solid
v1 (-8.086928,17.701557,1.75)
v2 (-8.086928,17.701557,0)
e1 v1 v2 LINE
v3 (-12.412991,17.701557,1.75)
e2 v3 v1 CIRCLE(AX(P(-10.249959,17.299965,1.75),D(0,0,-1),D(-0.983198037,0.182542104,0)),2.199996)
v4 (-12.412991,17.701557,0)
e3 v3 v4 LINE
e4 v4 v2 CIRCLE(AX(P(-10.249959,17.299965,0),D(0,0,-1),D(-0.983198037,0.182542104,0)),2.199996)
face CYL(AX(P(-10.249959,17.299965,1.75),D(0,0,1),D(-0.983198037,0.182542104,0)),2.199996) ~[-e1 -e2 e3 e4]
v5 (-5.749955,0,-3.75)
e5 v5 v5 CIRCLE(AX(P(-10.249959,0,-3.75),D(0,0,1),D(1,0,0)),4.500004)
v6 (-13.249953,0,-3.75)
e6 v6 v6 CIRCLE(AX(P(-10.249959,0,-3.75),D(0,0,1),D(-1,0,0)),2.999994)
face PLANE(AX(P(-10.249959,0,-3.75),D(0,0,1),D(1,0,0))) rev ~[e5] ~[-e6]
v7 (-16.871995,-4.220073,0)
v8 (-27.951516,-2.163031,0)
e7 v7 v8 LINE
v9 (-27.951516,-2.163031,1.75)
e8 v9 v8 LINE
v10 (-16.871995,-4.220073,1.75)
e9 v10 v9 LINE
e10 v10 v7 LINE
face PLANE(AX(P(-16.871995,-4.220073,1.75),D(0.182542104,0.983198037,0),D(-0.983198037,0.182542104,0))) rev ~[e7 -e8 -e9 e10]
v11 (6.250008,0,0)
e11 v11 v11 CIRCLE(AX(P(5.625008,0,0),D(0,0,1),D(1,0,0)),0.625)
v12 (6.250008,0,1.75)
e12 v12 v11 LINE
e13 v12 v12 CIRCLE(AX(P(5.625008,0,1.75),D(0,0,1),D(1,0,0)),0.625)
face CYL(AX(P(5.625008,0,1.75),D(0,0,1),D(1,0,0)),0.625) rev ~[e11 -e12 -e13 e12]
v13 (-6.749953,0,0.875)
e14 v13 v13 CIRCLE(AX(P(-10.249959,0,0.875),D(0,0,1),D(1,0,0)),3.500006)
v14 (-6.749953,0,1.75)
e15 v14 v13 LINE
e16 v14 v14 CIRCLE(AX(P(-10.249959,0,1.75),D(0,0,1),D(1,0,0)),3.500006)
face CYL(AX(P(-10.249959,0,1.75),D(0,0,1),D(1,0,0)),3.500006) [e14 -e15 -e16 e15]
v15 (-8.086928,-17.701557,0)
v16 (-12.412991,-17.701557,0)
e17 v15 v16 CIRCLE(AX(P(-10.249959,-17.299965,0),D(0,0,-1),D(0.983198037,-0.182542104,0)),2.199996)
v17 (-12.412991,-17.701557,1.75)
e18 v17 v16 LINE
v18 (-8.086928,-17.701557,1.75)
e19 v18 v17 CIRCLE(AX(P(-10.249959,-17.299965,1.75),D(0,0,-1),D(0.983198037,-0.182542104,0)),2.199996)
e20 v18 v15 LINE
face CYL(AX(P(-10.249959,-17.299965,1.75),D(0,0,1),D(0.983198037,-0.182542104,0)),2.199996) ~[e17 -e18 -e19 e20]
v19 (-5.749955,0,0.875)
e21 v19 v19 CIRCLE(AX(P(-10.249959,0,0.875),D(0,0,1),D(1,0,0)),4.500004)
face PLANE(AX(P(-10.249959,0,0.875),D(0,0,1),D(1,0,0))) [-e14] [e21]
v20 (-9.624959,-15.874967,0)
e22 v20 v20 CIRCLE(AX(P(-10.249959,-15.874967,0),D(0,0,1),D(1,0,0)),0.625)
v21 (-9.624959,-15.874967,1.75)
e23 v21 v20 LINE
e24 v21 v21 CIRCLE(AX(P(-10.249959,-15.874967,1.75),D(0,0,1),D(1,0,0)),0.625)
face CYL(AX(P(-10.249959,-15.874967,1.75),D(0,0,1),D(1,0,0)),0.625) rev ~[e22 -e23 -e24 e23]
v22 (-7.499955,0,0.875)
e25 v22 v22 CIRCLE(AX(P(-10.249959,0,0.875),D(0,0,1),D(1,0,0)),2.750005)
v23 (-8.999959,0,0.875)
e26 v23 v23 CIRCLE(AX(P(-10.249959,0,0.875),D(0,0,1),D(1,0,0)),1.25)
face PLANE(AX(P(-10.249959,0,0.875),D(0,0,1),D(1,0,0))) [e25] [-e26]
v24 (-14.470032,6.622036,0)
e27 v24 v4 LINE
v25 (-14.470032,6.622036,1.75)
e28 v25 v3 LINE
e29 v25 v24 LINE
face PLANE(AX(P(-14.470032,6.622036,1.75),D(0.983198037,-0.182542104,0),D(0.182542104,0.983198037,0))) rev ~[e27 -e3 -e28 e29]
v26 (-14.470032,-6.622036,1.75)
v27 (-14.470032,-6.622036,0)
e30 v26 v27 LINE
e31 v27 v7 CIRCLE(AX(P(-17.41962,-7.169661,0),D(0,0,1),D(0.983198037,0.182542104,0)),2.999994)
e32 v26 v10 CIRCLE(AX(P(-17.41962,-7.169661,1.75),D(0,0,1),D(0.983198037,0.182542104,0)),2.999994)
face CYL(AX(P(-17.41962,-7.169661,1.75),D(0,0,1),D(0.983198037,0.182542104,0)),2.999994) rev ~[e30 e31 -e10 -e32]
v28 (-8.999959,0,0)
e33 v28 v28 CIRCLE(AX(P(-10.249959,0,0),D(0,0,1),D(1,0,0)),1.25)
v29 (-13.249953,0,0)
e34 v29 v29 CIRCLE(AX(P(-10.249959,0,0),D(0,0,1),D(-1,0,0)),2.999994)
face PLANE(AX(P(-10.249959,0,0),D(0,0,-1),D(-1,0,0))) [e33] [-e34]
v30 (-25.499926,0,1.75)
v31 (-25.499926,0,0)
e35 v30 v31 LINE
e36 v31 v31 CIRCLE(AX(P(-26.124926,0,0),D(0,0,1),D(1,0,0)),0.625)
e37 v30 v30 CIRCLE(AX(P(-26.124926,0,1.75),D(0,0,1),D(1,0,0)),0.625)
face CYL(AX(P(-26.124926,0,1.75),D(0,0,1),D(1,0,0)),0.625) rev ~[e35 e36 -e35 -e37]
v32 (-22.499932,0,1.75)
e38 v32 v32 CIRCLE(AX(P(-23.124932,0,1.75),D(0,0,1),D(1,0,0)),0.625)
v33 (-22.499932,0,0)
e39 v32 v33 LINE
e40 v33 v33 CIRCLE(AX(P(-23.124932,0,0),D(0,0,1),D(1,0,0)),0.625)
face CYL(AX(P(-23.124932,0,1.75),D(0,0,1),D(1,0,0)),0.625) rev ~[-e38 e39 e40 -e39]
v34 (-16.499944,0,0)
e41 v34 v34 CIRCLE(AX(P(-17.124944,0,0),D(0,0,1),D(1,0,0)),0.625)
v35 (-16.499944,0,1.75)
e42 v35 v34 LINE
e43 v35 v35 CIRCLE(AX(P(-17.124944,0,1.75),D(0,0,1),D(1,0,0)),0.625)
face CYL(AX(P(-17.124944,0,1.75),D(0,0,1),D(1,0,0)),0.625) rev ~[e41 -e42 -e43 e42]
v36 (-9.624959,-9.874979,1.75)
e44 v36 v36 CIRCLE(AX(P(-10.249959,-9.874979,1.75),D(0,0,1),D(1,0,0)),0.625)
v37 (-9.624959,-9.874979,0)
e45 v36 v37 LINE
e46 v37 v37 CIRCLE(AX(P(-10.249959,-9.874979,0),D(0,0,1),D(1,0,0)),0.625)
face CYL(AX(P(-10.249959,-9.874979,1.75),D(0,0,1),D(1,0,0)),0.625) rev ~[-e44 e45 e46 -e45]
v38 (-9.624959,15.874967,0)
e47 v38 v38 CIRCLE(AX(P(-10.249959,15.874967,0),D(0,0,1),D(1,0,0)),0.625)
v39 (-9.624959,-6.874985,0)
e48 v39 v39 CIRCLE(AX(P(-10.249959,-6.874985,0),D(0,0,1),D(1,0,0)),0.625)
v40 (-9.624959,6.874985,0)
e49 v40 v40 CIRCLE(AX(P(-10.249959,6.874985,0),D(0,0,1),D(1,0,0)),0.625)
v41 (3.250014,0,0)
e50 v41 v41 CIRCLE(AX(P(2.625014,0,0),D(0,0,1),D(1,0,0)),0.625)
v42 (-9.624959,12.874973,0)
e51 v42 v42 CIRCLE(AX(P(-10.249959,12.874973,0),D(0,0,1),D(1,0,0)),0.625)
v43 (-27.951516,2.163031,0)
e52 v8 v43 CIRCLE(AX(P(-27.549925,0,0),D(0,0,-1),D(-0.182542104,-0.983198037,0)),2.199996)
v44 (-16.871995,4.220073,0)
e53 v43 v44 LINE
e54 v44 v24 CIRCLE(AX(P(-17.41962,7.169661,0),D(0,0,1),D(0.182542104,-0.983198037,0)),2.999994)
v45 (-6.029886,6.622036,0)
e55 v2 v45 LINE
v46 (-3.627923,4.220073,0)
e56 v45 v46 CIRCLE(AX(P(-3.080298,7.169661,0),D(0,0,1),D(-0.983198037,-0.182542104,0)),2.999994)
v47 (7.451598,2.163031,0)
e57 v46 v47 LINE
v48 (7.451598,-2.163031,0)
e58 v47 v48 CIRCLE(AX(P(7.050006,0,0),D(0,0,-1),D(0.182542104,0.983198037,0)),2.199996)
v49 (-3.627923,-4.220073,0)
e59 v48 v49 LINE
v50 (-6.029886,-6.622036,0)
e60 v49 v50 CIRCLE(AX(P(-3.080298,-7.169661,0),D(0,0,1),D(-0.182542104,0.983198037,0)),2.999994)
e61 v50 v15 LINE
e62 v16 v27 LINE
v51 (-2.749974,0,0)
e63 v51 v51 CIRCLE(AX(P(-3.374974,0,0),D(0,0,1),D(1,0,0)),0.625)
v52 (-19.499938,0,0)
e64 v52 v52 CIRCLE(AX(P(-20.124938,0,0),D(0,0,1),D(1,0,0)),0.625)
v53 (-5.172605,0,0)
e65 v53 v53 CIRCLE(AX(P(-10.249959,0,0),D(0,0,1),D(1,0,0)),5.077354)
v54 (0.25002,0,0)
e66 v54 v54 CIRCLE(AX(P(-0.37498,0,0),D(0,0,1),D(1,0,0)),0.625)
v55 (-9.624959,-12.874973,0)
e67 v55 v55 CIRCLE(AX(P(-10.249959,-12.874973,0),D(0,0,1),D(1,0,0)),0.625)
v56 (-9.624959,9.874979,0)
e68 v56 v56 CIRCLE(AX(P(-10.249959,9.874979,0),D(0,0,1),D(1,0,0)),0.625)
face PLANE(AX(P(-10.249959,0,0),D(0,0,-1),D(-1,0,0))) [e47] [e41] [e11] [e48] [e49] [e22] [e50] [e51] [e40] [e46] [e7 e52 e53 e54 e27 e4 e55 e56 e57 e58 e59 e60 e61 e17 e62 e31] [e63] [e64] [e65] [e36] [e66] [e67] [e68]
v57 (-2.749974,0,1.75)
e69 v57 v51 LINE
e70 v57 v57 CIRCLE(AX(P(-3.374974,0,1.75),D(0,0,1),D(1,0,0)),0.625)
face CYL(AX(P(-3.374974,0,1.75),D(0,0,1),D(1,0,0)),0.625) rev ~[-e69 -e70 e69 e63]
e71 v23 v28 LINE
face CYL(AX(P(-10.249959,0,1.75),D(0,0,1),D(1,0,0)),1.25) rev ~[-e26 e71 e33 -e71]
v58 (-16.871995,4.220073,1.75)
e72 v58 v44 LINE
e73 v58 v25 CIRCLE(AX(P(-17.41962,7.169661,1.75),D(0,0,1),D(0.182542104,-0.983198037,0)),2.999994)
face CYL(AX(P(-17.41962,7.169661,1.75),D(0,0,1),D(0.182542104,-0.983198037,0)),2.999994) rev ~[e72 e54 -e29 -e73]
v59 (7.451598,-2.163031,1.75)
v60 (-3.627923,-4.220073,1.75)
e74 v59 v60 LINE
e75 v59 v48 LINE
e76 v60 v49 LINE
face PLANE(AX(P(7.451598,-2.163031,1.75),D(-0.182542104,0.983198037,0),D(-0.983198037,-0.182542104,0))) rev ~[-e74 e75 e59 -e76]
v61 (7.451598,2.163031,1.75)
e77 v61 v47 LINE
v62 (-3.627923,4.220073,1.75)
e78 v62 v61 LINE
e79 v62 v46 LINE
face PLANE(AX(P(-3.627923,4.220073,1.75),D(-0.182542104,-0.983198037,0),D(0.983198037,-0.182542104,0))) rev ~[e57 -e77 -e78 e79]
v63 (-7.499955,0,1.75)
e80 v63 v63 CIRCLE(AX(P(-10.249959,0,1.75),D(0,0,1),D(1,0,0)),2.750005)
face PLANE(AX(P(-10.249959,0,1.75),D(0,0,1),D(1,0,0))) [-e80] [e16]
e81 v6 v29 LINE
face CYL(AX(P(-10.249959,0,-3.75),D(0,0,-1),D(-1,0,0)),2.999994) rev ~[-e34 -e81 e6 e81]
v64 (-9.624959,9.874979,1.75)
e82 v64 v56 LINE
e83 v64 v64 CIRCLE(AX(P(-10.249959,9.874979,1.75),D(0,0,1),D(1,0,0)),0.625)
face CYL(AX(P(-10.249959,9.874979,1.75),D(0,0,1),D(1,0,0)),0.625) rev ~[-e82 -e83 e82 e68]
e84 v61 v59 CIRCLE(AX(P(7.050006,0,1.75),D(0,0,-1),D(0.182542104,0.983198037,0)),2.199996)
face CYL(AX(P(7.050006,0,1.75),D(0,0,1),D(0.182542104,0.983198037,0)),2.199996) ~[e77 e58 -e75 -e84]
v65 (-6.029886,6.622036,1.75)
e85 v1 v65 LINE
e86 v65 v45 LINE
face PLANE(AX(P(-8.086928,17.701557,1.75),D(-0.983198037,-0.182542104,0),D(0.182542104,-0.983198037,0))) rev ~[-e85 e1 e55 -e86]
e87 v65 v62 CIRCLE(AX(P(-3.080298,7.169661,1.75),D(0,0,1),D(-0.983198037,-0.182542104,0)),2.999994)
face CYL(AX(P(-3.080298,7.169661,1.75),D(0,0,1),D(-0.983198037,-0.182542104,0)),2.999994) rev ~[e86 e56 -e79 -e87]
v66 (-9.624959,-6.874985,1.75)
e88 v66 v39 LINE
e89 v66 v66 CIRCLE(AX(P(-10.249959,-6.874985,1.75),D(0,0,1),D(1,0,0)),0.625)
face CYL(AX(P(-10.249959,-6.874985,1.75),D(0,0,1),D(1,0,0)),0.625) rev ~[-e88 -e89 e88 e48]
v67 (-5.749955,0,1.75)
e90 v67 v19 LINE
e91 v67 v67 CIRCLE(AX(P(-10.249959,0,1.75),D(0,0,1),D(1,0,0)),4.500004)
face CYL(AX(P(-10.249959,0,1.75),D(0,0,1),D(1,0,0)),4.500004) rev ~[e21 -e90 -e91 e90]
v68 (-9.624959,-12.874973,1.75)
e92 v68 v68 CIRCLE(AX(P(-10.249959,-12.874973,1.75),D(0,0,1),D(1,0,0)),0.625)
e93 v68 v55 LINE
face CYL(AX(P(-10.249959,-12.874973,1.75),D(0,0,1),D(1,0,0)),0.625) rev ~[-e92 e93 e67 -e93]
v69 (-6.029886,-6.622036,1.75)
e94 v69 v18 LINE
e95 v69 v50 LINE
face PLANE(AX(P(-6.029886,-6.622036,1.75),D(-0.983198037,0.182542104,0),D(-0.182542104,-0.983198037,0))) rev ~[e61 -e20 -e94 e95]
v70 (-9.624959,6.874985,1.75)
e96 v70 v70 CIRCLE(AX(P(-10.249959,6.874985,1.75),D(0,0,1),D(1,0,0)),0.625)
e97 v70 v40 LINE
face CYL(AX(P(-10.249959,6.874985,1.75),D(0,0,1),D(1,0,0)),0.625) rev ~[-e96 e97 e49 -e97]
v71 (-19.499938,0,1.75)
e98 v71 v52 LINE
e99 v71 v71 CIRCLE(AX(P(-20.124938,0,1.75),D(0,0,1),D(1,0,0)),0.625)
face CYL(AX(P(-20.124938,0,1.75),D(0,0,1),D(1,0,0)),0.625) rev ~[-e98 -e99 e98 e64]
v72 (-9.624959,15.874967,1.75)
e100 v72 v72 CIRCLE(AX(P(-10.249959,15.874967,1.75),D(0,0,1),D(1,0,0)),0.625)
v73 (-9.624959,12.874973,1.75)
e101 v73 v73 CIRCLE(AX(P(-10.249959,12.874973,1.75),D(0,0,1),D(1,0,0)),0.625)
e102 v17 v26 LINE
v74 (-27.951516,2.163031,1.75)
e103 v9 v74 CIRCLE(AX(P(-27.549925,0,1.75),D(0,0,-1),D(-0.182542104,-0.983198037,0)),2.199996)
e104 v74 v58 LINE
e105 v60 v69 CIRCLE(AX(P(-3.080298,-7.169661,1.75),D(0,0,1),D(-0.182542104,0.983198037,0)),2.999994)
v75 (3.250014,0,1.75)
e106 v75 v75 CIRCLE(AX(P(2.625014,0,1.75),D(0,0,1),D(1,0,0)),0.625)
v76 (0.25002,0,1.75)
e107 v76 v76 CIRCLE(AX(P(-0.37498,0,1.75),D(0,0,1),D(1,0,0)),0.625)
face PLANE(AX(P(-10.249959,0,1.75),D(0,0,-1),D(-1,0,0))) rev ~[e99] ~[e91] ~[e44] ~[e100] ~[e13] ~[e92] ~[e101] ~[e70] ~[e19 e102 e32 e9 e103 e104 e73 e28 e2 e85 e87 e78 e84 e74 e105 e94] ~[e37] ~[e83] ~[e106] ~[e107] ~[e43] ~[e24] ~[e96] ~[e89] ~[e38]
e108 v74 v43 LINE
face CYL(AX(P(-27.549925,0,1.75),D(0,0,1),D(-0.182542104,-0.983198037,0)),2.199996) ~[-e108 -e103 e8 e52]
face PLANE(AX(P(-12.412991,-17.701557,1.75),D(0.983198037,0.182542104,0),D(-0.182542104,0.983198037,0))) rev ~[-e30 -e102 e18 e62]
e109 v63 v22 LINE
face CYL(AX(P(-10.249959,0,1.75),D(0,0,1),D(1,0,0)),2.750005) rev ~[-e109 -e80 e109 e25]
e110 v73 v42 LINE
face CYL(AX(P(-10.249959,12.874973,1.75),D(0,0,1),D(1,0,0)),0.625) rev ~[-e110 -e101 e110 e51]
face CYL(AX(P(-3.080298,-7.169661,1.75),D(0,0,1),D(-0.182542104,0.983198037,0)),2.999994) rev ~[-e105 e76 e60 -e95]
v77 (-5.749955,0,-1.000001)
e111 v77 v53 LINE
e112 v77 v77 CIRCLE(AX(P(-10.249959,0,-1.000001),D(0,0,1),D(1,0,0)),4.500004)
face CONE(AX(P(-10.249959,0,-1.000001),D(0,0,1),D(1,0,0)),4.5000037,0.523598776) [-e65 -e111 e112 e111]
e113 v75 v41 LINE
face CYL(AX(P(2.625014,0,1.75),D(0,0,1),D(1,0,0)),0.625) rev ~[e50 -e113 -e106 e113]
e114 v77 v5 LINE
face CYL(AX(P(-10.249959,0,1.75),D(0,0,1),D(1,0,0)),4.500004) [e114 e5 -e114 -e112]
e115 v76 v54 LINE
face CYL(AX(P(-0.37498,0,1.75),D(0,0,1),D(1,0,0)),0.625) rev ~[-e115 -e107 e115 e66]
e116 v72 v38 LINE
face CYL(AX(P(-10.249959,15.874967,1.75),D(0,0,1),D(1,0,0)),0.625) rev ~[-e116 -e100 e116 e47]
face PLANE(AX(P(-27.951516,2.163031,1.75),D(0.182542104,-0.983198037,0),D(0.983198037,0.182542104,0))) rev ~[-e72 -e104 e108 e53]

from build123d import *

# Parameters (mm, degrees)
SKETCH1_R               = 4.5000037
BOSS_EXTRUDE1_DEPTH     = 3.75000012
BOSS_EXTRUDE2_START     = 1.750000056
SKETCH2_R               = 4.5000037
SKETCH2_R_2             = 3.499999998
SKETCH2_R_3             = 1.25000004
BOSS_EXTRUDE2_DEPTH     = 1.750000056
SKETCH4_R               = 2.75000466
SKETCH4_R_2             = 1.25000004
CUT_EXTRUDE1_DEPTH      = 0.875000028
SKETCH6_R               = 4.5000037
SKETCH6_R_2             = 3.5000057
CUT_EXTRUDE2_DEPTH      = 0.875000028
SKETCH10_R              = 0.62500002
SKETCH10_R_2            = 4.5000037
BOSS_EXTRUDE4_DEPTH     = 1.750000056
CHAMFER2_SIZE           = 1.00000054
CHAMFER2_SIZE2          = 0.577350581
ESQUISSE1_R             = 2.999994
ENL_V_MAT_EXTRU_1_DEPTH = 3.75000012


with BuildPart() as part:
    # Sketch1 → Boss-Extrude1 (new body)
    with BuildSketch(Plane.XY):
        with Locations((-10.24995918, 0)):
            Circle(SKETCH1_R)
        Polygon((-10.24995918, 2.999994), (-10.594624819, 2.728309468), (-10.996027349, 2.905743672), (-11.262299488, 2.55687975), (-11.695217312, 2.628914782), (-11.866365092, 2.224791874), (-12.303596391, 2.186901508), (-12.368865968, 1.752912142), (-12.782937891, 1.60747717), (-12.738228138, 1.170890494), (-13.103123023, 0.927049129), (-12.951243218, 0.515297489), (-13.244033377, 0.188371182), (-12.994526687, -0.172673551), (-13.196815038, -0.562142819), (-12.865358886, -0.849794878), (-12.964434908, -1.27733532), (-12.571855902, -1.473520467), (-12.561494285, -1.912268145), (-12.132459609, -2.004659346), (-12.01331141, -2.427046129), (-11.574778889, -2.409838105), (-11.354330629, -2.789323879), (-10.933854876, -2.663597874), (-10.625958129, -2.976338151), (-10.24995918, -2.749993992), (-9.873960231, -2.976338151), (-9.566063484, -2.663597874), (-9.145587731, -2.789323879), (-8.925139471, -2.409838105), (-8.48660695, -2.427046129), (-8.367458751, -2.004659346), (-7.938424075, -1.912268145), (-7.928062458, -1.473520467), (-7.535483452, -1.27733532), (-7.634559474, -0.849794878), (-7.303103322, -0.562142819), (-7.505391673, -0.172673551), (-7.255884983, 0.188371182), (-7.548675142, 0.515297489), (-7.396795337, 0.927049129), (-7.761690222, 1.170890494), (-7.716980469, 1.60747717), (-8.131052392, 1.752912142), (-8.196321969, 2.186901508), (-8.633553268, 2.224791874), (-8.804701048, 2.628914782), (-9.237618872, 2.55687975), (-9.503891011, 2.905743672), (-9.905293541, 2.728309468), align=None, mode=Mode.SUBTRACT)
    extrude(amount=-BOSS_EXTRUDE1_DEPTH)

    # Sketch2 → Boss-Extrude2 (add)
    # profile 1 of 2: a face of its own
    with BuildSketch(Plane.XY.offset(BOSS_EXTRUDE2_START)):
        with Locations((-10.24995918, 0)):
            Circle(SKETCH2_R)
        with Locations((-10.24995918, 0)):
            Circle(SKETCH2_R_2, mode=Mode.SUBTRACT)
    # profile 2 of 2: a face of its own
    with BuildSketch(Plane.XY.offset(BOSS_EXTRUDE2_START)):
        with Locations((-10.24995918, 0)):
            Circle(SKETCH2_R_2)
        with Locations((-10.24995918, 0)):
            Circle(SKETCH2_R_3, mode=Mode.SUBTRACT)
    extrude(amount=-BOSS_EXTRUDE2_DEPTH)

    # Sketch4 → Cut-Extrude1 (cut)
    with BuildSketch(Plane.XY.offset(1.750000056)):
        with Locations((-10.24995918, 0)):
            Circle(SKETCH4_R)
        with Locations((-10.24995918, 0)):
            Circle(SKETCH4_R_2, mode=Mode.SUBTRACT)
    extrude(amount=-CUT_EXTRUDE1_DEPTH, mode=Mode.SUBTRACT)

    # Sketch6 → Cut-Extrude2 (cut)
    with BuildSketch(Plane.XY.offset(1.750000056)):
        with Locations((-10.24995918, 0)):
            Circle(SKETCH6_R)
        with Locations((-10.24995918, 0)):
            Circle(SKETCH6_R_2, mode=Mode.SUBTRACT)
    extrude(amount=-CUT_EXTRUDE2_DEPTH, mode=Mode.SUBTRACT)

    # Sketch10 → Boss-Extrude4 (add)
    with BuildSketch(Plane.XY.offset(1.750000056)):
        with BuildLine():
            Line((-8.086927824, 17.701557226), (-6.029886341, 6.622035833))
            ThreePointArc((-6.029886341, 6.622035833), (-5.20161423, 5.04834495), (-3.627923347, 4.220072839))
            Line((-3.627923347, 4.220072839), (7.451598046, 2.163031356))
            ThreePointArc((7.451598046, 2.163031356), (9.25000182, 0), (7.451598046, -2.163031356))
            Line((7.451598046, -2.163031356), (-3.627923347, -4.220072839))
            ThreePointArc((-3.627923347, -4.220072839), (-5.20161423, -5.04834495), (-6.029886341, -6.622035833))
            Line((-6.029886341, -6.622035833), (-8.086927824, -17.701557226))
            ThreePointArc((-8.086927824, -17.701557226), (-10.24995918, -19.499961), (-12.412990536, -17.701557226))
            Line((-12.412990536, -17.701557226), (-14.470032019, -6.622035833))
            ThreePointArc((-14.470032019, -6.622035833), (-15.29830413, -5.04834495), (-16.871995013, -4.220072839))
            Line((-16.871995013, -4.220072839), (-27.951516406, -2.163031356))
            ThreePointArc((-27.951516406, -2.163031356), (-29.74992018, 0), (-27.951516406, 2.163031356))
            Line((-27.951516406, 2.163031356), (-16.871995013, 4.220072839))
            ThreePointArc((-16.871995013, 4.220072839), (-15.29830413, 5.04834495), (-14.470032019, 6.622035833))
            Line((-14.470032019, 6.622035833), (-12.412990536, 17.701557226))
            ThreePointArc((-12.412990536, 17.701557226), (-10.24995918, 19.499961), (-8.086927824, 17.701557226))
        make_face()
        with Locations((-10.24995918, 15.87496698)):
            Circle(SKETCH10_R, mode=Mode.SUBTRACT)
        with Locations((-10.24995918, 12.87497298)):
            Circle(SKETCH10_R, mode=Mode.SUBTRACT)
        with Locations((-10.24995918, 9.87497898)):
            Circle(SKETCH10_R, mode=Mode.SUBTRACT)
        with Locations((-10.24995918, 6.87498498)):
            Circle(SKETCH10_R, mode=Mode.SUBTRACT)
        with Locations((5.6250078, 0)):
            Circle(SKETCH10_R, mode=Mode.SUBTRACT)
        with Locations((2.6250138, 0)):
            Circle(SKETCH10_R, mode=Mode.SUBTRACT)
        with Locations((-0.3749802, 0)):
            Circle(SKETCH10_R, mode=Mode.SUBTRACT)
        with Locations((-3.3749742, 0)):
            Circle(SKETCH10_R, mode=Mode.SUBTRACT)
        with Locations((-10.24995918, -15.87496698)):
            Circle(SKETCH10_R, mode=Mode.SUBTRACT)
        with Locations((-10.24995918, -12.87497298)):
            Circle(SKETCH10_R, mode=Mode.SUBTRACT)
        with Locations((-10.24995918, -9.87497898)):
            Circle(SKETCH10_R, mode=Mode.SUBTRACT)
        with Locations((-10.24995918, -6.87498498)):
            Circle(SKETCH10_R, mode=Mode.SUBTRACT)
        with Locations((-26.12492616, 0)):
            Circle(SKETCH10_R, mode=Mode.SUBTRACT)
        with Locations((-23.12493216, 0)):
            Circle(SKETCH10_R, mode=Mode.SUBTRACT)
        with Locations((-20.12493816, 0)):
            Circle(SKETCH10_R, mode=Mode.SUBTRACT)
        with Locations((-17.12494416, 0)):
            Circle(SKETCH10_R, mode=Mode.SUBTRACT)
        with Locations((-10.24995918, 0)):
            Circle(SKETCH10_R_2, mode=Mode.SUBTRACT)
    extrude(amount=-BOSS_EXTRUDE4_DEPTH)

    # Chamfer2
    chamfer2_edges = [part.edges().sort_by_distance(p)[0] for p in [
        (-14.74996288, 0, 0),
    ]]
    chamfer2_side = [part.faces().sort_by_distance(p)[0] for p in [
        (-14.74996288, 0, -1.87500006),
    ]]
    chamfer(chamfer2_edges, length=CHAMFER2_SIZE, length2=CHAMFER2_SIZE2, reference=chamfer2_side[0])

    # Esquisse1 → Enlèv. mat.-Extru.1 (cut)
    with BuildSketch(Plane(origin=(0, 0, -3.75000012), x_dir=(-1, 0, 0), z_dir=(0, 0, -1))):
        with Locations((10.24995918, 0)):
            Circle(ESQUISSE1_R)
    extrude(amount=-ENL_V_MAT_EXTRU_1_DEPTH, mode=Mode.SUBTRACT)


solid = part.part
